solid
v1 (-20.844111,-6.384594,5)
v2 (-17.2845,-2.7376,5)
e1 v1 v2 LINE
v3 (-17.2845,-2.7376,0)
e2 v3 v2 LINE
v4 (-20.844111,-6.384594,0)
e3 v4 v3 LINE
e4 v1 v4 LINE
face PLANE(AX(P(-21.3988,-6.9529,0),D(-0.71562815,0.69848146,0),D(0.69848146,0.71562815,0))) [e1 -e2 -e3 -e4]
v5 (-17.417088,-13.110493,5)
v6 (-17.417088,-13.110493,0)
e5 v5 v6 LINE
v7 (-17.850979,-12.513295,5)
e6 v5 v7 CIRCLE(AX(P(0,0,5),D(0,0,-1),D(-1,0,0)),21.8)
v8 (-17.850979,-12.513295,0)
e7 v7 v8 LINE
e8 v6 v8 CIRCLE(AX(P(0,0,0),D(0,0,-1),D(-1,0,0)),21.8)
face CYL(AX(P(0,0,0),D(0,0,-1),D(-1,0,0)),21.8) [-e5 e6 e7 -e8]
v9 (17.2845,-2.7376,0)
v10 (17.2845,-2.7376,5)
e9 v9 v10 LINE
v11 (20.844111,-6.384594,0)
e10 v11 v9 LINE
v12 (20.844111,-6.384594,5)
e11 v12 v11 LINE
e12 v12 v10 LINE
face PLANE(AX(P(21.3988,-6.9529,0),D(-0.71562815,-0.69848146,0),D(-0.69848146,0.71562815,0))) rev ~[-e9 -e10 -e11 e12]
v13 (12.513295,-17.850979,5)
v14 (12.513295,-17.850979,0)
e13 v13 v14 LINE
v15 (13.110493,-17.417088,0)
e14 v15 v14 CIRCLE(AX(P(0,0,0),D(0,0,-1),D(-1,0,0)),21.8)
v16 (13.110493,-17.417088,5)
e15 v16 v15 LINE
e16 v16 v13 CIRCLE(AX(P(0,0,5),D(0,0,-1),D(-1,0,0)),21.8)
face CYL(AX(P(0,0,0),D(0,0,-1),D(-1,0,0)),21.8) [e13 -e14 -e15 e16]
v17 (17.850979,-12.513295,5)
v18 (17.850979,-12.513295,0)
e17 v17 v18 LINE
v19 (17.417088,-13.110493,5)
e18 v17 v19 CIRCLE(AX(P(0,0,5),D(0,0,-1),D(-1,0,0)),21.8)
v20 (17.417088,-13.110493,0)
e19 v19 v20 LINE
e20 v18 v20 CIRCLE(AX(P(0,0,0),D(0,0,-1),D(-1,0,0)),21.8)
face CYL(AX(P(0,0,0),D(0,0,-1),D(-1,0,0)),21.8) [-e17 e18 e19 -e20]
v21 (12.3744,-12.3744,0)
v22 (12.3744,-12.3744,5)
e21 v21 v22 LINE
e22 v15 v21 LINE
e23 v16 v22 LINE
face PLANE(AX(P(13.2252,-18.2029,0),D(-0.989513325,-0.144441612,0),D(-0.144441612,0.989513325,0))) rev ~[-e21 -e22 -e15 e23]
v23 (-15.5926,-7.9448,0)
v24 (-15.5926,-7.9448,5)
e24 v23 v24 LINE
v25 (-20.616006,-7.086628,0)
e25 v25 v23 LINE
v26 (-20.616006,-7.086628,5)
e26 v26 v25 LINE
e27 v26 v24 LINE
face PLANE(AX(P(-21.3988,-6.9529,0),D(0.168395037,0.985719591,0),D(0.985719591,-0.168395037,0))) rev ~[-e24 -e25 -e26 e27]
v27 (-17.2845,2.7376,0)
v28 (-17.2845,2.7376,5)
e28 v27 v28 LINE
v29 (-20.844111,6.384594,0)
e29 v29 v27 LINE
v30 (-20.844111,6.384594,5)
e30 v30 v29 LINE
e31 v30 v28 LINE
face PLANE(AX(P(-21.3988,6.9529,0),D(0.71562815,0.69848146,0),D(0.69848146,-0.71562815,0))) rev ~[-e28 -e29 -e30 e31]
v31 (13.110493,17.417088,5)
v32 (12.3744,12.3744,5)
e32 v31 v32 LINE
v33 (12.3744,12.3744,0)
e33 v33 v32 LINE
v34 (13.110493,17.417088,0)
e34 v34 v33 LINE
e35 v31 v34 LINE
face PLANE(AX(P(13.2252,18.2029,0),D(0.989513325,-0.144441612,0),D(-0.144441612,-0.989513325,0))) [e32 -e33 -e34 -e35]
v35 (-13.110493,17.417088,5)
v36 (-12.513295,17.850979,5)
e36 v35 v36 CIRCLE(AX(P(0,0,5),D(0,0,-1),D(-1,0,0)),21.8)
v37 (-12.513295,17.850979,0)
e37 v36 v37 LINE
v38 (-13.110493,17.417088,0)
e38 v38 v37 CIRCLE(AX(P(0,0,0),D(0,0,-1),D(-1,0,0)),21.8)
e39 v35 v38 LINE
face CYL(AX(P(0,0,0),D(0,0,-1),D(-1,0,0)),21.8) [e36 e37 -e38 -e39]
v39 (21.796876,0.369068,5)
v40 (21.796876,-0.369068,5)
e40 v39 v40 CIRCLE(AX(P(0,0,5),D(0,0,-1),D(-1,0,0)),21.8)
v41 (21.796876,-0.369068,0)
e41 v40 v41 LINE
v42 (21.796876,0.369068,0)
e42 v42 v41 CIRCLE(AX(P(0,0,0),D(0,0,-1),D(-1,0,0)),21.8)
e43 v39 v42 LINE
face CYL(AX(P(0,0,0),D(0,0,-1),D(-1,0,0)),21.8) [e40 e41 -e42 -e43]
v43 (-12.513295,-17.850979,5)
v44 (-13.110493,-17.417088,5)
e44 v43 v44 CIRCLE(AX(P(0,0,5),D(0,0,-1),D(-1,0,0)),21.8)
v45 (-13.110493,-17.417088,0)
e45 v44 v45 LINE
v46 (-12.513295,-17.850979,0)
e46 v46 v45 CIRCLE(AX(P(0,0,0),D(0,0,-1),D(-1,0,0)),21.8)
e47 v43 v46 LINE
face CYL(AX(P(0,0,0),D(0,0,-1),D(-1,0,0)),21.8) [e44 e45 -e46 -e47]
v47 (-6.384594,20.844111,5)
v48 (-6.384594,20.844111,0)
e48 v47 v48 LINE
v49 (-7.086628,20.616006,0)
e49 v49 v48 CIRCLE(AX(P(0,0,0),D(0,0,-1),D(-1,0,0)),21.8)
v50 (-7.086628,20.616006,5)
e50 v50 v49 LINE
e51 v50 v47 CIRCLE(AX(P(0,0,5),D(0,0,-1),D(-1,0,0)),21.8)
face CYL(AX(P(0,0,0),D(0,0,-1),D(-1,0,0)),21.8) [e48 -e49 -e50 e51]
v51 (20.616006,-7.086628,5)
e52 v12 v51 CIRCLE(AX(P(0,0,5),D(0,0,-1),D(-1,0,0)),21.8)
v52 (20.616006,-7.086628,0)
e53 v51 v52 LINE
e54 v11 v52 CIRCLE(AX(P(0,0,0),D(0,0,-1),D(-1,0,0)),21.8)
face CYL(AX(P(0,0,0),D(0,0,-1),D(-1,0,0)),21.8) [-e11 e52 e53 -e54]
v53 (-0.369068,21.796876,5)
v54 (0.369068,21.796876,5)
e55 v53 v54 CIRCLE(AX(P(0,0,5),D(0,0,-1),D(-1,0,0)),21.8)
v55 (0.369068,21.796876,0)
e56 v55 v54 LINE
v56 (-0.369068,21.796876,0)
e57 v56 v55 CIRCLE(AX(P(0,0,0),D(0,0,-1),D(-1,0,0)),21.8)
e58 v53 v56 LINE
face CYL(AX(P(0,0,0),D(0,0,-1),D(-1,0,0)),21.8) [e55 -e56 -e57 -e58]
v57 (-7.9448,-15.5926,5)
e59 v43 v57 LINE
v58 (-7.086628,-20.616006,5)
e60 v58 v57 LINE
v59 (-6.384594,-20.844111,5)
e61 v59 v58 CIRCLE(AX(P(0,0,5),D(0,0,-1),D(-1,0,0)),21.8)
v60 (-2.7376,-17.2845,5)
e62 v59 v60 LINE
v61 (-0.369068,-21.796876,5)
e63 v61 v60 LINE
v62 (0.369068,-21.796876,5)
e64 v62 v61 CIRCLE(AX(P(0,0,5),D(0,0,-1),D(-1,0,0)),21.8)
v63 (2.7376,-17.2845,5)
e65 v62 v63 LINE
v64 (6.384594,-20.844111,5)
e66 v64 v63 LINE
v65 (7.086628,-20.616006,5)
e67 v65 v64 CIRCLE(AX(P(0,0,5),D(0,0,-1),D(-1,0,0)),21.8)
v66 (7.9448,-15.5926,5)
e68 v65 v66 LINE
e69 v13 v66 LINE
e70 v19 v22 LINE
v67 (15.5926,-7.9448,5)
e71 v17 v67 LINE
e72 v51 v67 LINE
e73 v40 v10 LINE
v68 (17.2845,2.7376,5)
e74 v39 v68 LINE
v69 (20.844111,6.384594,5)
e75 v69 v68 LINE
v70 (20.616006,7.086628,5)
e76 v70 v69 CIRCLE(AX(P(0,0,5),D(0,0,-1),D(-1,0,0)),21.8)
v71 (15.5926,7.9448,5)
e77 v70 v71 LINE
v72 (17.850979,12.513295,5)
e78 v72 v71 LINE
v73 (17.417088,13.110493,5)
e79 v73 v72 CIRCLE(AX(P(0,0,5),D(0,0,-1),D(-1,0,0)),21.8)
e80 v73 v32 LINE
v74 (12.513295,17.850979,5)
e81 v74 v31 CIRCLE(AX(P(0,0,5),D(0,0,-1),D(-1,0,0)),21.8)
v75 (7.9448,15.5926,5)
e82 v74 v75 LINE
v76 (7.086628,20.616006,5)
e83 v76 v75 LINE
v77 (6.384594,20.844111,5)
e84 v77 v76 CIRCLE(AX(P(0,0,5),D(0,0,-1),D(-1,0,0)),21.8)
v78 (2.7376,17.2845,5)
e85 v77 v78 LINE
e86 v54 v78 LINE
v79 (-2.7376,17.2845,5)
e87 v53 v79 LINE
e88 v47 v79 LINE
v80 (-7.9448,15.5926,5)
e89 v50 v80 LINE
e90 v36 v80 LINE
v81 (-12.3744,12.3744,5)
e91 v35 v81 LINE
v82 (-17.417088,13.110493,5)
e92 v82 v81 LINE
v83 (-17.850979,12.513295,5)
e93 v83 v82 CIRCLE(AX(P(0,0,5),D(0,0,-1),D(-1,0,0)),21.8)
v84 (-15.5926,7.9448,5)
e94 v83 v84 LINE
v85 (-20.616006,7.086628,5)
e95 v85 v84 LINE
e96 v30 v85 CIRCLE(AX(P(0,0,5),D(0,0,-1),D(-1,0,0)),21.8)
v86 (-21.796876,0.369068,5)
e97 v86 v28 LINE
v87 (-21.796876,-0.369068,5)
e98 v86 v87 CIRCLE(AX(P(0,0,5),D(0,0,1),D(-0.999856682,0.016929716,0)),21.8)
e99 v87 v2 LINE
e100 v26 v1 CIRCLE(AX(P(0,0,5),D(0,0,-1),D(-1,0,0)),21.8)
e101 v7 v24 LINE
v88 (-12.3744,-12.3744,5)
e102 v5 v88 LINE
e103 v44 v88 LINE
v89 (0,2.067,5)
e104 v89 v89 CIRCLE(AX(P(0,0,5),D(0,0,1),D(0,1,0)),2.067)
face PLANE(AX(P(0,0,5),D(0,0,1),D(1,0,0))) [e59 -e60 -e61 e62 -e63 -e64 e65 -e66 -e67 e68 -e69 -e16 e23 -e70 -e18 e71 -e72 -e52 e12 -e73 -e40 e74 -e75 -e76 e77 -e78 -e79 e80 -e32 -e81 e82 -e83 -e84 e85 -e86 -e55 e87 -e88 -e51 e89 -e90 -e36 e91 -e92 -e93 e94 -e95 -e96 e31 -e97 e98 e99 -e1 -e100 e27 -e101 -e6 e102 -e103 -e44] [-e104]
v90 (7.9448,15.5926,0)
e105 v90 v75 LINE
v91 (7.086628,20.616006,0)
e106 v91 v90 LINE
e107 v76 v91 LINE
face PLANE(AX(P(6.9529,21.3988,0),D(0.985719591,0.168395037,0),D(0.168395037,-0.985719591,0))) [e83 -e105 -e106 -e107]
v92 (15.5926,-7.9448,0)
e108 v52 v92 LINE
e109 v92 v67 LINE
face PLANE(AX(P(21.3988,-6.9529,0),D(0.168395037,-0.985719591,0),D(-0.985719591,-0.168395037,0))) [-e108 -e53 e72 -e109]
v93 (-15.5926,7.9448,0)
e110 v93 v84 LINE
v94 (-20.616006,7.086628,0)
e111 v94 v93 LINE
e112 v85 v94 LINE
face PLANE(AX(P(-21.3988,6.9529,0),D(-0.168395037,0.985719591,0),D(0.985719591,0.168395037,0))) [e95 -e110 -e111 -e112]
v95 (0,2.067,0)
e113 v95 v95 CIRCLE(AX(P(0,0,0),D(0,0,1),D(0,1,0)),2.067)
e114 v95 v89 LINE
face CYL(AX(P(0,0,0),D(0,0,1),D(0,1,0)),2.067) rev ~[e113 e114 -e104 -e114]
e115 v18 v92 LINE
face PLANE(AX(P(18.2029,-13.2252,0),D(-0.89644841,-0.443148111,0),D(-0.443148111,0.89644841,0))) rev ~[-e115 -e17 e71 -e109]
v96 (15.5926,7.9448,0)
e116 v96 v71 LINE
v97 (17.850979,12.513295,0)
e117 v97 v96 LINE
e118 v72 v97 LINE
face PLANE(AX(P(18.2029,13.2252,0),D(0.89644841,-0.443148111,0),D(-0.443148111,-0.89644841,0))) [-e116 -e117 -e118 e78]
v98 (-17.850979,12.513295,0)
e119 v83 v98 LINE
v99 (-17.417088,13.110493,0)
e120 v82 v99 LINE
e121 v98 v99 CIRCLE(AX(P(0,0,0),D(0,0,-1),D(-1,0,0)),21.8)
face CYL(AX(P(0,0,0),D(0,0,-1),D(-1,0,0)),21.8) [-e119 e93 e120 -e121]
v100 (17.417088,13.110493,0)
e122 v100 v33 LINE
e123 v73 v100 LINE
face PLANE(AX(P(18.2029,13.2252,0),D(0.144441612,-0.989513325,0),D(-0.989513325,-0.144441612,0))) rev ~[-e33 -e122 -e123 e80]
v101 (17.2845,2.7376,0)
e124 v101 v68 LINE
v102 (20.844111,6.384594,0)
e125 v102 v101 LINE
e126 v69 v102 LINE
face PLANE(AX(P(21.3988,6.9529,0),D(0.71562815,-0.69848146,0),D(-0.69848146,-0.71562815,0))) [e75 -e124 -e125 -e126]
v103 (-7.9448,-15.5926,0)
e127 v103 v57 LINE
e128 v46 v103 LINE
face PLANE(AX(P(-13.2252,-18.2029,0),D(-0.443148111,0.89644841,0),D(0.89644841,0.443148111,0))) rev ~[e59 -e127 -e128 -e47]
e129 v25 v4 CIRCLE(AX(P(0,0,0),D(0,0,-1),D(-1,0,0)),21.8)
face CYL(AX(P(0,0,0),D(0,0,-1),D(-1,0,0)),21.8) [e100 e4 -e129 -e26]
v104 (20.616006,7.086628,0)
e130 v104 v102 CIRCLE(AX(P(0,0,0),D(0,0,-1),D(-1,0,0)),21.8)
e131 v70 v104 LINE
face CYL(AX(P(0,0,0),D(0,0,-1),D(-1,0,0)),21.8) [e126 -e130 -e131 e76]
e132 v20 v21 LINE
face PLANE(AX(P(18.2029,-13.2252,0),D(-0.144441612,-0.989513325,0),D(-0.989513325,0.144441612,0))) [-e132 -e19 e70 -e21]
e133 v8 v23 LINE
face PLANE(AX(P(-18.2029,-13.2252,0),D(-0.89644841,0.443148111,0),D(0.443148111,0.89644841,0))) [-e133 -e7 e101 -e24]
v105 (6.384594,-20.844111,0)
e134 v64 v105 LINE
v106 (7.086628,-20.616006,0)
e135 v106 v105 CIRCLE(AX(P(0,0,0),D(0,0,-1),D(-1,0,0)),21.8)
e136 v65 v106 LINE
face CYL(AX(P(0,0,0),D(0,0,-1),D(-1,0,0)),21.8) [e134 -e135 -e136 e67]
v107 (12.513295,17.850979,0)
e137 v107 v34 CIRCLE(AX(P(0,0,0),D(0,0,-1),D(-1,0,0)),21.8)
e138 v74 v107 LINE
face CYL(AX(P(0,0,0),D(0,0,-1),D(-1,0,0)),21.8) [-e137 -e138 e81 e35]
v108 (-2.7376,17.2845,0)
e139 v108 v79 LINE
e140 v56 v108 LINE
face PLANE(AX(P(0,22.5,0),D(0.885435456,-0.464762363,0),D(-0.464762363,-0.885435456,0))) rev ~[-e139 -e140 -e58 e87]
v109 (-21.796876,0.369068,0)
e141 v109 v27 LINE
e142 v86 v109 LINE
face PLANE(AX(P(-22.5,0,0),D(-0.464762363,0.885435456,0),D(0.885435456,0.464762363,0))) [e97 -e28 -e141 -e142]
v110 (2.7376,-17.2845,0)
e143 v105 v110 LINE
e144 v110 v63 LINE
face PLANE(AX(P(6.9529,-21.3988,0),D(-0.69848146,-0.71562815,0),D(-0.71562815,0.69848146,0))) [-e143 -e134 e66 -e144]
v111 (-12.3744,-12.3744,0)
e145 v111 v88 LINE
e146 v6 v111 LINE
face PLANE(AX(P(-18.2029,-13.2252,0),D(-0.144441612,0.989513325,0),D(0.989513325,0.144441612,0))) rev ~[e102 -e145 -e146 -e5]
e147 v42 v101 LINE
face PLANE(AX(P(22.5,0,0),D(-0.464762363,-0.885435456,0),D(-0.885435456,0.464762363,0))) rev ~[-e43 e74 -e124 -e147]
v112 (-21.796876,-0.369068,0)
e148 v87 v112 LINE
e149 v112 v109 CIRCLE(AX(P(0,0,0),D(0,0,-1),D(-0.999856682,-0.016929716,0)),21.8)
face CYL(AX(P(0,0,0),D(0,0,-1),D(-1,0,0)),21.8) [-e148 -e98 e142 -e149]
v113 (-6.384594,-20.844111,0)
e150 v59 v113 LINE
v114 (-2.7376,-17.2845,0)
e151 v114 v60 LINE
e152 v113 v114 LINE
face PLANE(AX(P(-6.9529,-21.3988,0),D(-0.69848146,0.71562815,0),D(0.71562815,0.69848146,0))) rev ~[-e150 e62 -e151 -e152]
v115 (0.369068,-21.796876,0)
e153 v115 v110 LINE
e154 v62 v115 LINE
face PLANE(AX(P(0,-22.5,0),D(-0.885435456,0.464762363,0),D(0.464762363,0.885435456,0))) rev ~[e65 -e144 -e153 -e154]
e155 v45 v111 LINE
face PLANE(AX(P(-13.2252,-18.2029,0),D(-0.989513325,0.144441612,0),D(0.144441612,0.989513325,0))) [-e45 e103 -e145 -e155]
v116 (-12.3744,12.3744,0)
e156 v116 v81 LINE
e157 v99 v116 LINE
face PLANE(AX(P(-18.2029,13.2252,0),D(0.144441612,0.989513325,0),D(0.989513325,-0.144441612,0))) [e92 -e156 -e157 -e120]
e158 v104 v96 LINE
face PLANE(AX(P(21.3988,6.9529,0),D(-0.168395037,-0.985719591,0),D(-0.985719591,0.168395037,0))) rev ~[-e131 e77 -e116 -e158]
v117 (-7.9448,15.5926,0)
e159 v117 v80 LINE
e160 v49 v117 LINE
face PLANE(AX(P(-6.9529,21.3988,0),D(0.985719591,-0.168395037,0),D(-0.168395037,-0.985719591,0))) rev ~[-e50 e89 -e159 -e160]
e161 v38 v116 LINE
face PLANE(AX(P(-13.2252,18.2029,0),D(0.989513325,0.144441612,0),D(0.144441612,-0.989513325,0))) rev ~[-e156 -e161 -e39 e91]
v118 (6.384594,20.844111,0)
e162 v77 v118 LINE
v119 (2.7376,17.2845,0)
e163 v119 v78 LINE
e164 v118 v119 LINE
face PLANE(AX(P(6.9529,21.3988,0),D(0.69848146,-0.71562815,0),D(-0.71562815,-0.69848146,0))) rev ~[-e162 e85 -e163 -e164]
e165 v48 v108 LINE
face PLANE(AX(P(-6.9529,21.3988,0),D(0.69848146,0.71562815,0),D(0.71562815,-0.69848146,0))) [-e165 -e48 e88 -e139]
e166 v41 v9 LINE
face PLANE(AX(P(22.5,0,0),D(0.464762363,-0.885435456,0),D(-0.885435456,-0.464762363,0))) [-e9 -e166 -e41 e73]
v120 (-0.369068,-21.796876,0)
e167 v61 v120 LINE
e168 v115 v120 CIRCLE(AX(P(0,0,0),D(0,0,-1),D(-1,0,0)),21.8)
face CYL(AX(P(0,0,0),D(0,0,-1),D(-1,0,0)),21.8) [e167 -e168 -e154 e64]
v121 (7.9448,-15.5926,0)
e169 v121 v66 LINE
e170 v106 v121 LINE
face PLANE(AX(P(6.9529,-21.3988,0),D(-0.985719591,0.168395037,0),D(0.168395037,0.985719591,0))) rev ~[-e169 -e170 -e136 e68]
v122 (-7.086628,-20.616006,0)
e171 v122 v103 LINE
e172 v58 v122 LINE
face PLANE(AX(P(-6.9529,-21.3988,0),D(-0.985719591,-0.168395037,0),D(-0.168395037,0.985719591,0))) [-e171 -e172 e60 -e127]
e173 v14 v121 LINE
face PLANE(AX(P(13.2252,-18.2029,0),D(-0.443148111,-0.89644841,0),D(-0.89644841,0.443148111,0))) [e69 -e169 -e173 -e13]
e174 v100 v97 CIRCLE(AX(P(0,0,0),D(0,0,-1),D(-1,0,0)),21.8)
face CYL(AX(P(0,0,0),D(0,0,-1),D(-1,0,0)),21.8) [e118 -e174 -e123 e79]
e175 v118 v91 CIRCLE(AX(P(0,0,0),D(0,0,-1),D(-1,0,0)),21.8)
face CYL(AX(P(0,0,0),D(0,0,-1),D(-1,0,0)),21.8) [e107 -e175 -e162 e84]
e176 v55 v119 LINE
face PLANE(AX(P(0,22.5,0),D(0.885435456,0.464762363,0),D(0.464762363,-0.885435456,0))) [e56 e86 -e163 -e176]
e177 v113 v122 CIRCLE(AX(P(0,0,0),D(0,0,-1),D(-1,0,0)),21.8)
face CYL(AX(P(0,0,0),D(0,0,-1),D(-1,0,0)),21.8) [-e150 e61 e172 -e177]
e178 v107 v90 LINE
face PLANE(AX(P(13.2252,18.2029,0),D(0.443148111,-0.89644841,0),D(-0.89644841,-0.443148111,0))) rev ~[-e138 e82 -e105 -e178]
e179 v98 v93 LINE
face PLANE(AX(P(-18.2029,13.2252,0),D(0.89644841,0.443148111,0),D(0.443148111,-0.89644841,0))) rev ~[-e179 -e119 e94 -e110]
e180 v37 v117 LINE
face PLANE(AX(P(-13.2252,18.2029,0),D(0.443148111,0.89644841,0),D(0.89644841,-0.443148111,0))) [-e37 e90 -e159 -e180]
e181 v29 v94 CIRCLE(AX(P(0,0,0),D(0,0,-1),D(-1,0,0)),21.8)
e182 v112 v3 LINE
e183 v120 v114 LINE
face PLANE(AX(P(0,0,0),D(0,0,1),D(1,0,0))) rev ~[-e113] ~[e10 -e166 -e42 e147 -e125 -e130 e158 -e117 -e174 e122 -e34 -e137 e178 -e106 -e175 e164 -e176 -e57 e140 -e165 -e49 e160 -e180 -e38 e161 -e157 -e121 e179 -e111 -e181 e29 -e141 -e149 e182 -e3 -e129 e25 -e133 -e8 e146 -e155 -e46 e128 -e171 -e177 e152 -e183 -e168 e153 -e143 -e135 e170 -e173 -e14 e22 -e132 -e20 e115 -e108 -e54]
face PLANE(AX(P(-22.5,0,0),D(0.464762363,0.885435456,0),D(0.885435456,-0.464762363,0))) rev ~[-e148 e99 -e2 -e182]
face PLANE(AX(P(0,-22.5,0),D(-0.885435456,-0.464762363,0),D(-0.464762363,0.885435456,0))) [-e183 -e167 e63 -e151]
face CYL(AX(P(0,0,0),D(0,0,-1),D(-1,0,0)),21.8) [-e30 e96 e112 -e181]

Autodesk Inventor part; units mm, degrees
ref_plane "YZ Plane" through (0, 0, 0) normal (1, 0, 0) x (0, 1, 0)
ref_plane "XZ Plane" through (0, 0, 0) normal (0, 1, 0) x (-1, 0, 0)
ref_plane "XY Plane" through (0, 0, 0) normal (0, 0, 1) x (1, 0, 0)
sketch "Sketch1" plane through (0, 0, 0) normal (0, 0, 1) x (1, 0, 0)
  circle A0 centre (0, 0) radius 22.5
  circle A1 centre (0, 0) radius 17.5
  line L0 (0, 0) -> (0, 22.5)
  line L1 (0, 22.5) -> (0, 0)
  line L2 (6.9529, 21.3988) -> (0, 0)
  line L3 (0, 0) -> (2.7376, 17.2845)
  line L4 (0, 22.5) -> (2.7376, 17.2845)
  line L5 (6.9529, 21.3988) -> (2.7376, 17.2845)
  line L6 (-6.9529, 21.3988) -> (-2.7376, 17.2845)
  line L7 (0, 22.5) -> (-2.7376, 17.2845)
  line L8 (-13.2252, 18.2029) -> (-7.9448, 15.5926)
  line L9 (-6.9529, 21.3988) -> (-7.9448, 15.5926)
  line L10 (-18.2029, 13.2252) -> (-12.3744, 12.3744)
  line L11 (-13.2252, 18.2029) -> (-12.3744, 12.3744)
  line L12 (-21.3988, 6.9529) -> (-15.5926, 7.9448)
  line L13 (-18.2029, 13.2252) -> (-15.5926, 7.9448)
  line L14 (-22.5, 0) -> (-17.2845, 2.7376)
  line L15 (-21.3988, 6.9529) -> (-17.2845, 2.7376)
  line L16 (-21.3988, -6.9529) -> (-17.2845, -2.7376)
  line L17 (-22.5, 0) -> (-17.2845, -2.7376)
  line L18 (-18.2029, -13.2252) -> (-15.5926, -7.9448)
  line L19 (-21.3988, -6.9529) -> (-15.5926, -7.9448)
  line L20 (-13.2252, -18.2029) -> (-12.3744, -12.3744)
  line L21 (-18.2029, -13.2252) -> (-12.3744, -12.3744)
  line L22 (-6.9529, -21.3988) -> (-7.9448, -15.5926)
  line L23 (-13.2252, -18.2029) -> (-7.9448, -15.5926)
  line L24 (0, -22.5) -> (-2.7376, -17.2845)
  line L25 (-6.9529, -21.3988) -> (-2.7376, -17.2845)
  line L26 (6.9529, -21.3988) -> (2.7376, -17.2845)
  line L27 (0, -22.5) -> (2.7376, -17.2845)
  line L28 (13.2252, -18.2029) -> (7.9448, -15.5926)
  line L29 (6.9529, -21.3988) -> (7.9448, -15.5926)
  line L30 (18.2029, -13.2252) -> (12.3744, -12.3744)
  line L31 (13.2252, -18.2029) -> (12.3744, -12.3744)
  line L32 (21.3988, -6.9529) -> (15.5926, -7.9448)
  line L33 (18.2029, -13.2252) -> (15.5926, -7.9448)
  line L34 (22.5, 0) -> (17.2845, -2.7376)
  line L35 (21.3988, -6.9529) -> (17.2845, -2.7376)
  line L36 (21.3988, 6.9529) -> (17.2845, 2.7376)
  line L37 (22.5, 0) -> (17.2845, 2.7376)
  line L38 (18.2029, 13.2252) -> (15.5926, 7.9448)
  line L39 (21.3988, 6.9529) -> (15.5926, 7.9448)
  line L40 (13.2252, 18.2029) -> (12.3744, 12.3744)
  line L41 (18.2029, 13.2252) -> (12.3744, 12.3744)
  line L42 (6.9529, 21.3988) -> (7.9448, 15.5926)
  line L43 (13.2252, 18.2029) -> (7.9448, 15.5926)
  point P0 (-22.5, 0)
  point P1 (-6.9529, -21.3988)
  point P2 (0, -22.5)
  point P3 (6.9529, -21.3988)
  point P4 (13.2252, -18.2029)
  point P5 (18.2029, -13.2252)
  point P6 (21.3988, -6.9529)
  point P7 (22.5, 0)
  point P8 (21.3988, 6.9529)
  point P9 (18.2029, 13.2252)
  point P10 (15.5926, 7.9448)
  point P11 (12.3744, 12.3744)
  point P12 (7.9448, 15.5926)
  point P13 (-21.3988, 6.9529)
  point P14 (-22.5, 0)
  point P15 (-21.3988, -6.9529)
  point P16 (-18.2029, -13.2252)
  point P17 (-13.2252, -18.2029)
  point P18 (-6.9529, -21.3988)
  point P19 (0, -22.5)
  point P20 (6.9529, -21.3988)
  point P21 (13.2252, -18.2029)
  point P22 (22.5, 0)
  point P23 (18.2029, 13.2252)
  point P24 (13.2252, 18.2029)
  dimension "d4" = 45
  dimension "d28" = 5
  dimension "d2" = 360
  dimension "d6" = 18
  dimension "d7" = 9
  dimension "d10" = 360
  dimension "d14" = 360
extrude "Extrusion1" add sketch "Sketch1" along normal blind 5 contours L34 A1 L37 | L36 A1 L39 | L32 A1 L35 | A1 L0 L2 | L38 A1 L41 | L30 A1 L33 | L40 A1 L43 | L28 A1 L31 | L42 A1 L2 | L2 A1 L5 | L26 A1 L29 | L4 A1 L0 | L0 A1 L7 | L2 L3 A1 | L3 L0 A1 | L24 A1 L27 | L6 A1 L9 | L22 A1 L25 | L8 A1 L11 | L20 A1 L23 | L10 A1 L13 | L18 A1 L21 | L12 A1 L15 | L16 A1 L19 | L14 A1 L17
sketch "Sketch2" plane through (0, 0, 0) normal (0, 0, -1) x (-1, 0, 0)
  line L0 (-2.7376, 17.2845) -> (0, 22.5) projected
  circle A0 centre (0, 0) radius 22.5
  circle A1 centre (0, 0) radius 21.8
  dimension "d18" = 0.7
extrude "Extrusion2" cut sketch "Sketch2" against normal blind 5
sketch "Sketch3" plane through (0, 0, 0) normal (0, 0, -1) x (-1, 0, 0)
  point P0 (0, 0)
hole "Hole1" at (0, 0, 0) direction (0, 0, 1) diameter 4.134 depth 14.2 tip angle 118
properties part number "Gear_Basic"
